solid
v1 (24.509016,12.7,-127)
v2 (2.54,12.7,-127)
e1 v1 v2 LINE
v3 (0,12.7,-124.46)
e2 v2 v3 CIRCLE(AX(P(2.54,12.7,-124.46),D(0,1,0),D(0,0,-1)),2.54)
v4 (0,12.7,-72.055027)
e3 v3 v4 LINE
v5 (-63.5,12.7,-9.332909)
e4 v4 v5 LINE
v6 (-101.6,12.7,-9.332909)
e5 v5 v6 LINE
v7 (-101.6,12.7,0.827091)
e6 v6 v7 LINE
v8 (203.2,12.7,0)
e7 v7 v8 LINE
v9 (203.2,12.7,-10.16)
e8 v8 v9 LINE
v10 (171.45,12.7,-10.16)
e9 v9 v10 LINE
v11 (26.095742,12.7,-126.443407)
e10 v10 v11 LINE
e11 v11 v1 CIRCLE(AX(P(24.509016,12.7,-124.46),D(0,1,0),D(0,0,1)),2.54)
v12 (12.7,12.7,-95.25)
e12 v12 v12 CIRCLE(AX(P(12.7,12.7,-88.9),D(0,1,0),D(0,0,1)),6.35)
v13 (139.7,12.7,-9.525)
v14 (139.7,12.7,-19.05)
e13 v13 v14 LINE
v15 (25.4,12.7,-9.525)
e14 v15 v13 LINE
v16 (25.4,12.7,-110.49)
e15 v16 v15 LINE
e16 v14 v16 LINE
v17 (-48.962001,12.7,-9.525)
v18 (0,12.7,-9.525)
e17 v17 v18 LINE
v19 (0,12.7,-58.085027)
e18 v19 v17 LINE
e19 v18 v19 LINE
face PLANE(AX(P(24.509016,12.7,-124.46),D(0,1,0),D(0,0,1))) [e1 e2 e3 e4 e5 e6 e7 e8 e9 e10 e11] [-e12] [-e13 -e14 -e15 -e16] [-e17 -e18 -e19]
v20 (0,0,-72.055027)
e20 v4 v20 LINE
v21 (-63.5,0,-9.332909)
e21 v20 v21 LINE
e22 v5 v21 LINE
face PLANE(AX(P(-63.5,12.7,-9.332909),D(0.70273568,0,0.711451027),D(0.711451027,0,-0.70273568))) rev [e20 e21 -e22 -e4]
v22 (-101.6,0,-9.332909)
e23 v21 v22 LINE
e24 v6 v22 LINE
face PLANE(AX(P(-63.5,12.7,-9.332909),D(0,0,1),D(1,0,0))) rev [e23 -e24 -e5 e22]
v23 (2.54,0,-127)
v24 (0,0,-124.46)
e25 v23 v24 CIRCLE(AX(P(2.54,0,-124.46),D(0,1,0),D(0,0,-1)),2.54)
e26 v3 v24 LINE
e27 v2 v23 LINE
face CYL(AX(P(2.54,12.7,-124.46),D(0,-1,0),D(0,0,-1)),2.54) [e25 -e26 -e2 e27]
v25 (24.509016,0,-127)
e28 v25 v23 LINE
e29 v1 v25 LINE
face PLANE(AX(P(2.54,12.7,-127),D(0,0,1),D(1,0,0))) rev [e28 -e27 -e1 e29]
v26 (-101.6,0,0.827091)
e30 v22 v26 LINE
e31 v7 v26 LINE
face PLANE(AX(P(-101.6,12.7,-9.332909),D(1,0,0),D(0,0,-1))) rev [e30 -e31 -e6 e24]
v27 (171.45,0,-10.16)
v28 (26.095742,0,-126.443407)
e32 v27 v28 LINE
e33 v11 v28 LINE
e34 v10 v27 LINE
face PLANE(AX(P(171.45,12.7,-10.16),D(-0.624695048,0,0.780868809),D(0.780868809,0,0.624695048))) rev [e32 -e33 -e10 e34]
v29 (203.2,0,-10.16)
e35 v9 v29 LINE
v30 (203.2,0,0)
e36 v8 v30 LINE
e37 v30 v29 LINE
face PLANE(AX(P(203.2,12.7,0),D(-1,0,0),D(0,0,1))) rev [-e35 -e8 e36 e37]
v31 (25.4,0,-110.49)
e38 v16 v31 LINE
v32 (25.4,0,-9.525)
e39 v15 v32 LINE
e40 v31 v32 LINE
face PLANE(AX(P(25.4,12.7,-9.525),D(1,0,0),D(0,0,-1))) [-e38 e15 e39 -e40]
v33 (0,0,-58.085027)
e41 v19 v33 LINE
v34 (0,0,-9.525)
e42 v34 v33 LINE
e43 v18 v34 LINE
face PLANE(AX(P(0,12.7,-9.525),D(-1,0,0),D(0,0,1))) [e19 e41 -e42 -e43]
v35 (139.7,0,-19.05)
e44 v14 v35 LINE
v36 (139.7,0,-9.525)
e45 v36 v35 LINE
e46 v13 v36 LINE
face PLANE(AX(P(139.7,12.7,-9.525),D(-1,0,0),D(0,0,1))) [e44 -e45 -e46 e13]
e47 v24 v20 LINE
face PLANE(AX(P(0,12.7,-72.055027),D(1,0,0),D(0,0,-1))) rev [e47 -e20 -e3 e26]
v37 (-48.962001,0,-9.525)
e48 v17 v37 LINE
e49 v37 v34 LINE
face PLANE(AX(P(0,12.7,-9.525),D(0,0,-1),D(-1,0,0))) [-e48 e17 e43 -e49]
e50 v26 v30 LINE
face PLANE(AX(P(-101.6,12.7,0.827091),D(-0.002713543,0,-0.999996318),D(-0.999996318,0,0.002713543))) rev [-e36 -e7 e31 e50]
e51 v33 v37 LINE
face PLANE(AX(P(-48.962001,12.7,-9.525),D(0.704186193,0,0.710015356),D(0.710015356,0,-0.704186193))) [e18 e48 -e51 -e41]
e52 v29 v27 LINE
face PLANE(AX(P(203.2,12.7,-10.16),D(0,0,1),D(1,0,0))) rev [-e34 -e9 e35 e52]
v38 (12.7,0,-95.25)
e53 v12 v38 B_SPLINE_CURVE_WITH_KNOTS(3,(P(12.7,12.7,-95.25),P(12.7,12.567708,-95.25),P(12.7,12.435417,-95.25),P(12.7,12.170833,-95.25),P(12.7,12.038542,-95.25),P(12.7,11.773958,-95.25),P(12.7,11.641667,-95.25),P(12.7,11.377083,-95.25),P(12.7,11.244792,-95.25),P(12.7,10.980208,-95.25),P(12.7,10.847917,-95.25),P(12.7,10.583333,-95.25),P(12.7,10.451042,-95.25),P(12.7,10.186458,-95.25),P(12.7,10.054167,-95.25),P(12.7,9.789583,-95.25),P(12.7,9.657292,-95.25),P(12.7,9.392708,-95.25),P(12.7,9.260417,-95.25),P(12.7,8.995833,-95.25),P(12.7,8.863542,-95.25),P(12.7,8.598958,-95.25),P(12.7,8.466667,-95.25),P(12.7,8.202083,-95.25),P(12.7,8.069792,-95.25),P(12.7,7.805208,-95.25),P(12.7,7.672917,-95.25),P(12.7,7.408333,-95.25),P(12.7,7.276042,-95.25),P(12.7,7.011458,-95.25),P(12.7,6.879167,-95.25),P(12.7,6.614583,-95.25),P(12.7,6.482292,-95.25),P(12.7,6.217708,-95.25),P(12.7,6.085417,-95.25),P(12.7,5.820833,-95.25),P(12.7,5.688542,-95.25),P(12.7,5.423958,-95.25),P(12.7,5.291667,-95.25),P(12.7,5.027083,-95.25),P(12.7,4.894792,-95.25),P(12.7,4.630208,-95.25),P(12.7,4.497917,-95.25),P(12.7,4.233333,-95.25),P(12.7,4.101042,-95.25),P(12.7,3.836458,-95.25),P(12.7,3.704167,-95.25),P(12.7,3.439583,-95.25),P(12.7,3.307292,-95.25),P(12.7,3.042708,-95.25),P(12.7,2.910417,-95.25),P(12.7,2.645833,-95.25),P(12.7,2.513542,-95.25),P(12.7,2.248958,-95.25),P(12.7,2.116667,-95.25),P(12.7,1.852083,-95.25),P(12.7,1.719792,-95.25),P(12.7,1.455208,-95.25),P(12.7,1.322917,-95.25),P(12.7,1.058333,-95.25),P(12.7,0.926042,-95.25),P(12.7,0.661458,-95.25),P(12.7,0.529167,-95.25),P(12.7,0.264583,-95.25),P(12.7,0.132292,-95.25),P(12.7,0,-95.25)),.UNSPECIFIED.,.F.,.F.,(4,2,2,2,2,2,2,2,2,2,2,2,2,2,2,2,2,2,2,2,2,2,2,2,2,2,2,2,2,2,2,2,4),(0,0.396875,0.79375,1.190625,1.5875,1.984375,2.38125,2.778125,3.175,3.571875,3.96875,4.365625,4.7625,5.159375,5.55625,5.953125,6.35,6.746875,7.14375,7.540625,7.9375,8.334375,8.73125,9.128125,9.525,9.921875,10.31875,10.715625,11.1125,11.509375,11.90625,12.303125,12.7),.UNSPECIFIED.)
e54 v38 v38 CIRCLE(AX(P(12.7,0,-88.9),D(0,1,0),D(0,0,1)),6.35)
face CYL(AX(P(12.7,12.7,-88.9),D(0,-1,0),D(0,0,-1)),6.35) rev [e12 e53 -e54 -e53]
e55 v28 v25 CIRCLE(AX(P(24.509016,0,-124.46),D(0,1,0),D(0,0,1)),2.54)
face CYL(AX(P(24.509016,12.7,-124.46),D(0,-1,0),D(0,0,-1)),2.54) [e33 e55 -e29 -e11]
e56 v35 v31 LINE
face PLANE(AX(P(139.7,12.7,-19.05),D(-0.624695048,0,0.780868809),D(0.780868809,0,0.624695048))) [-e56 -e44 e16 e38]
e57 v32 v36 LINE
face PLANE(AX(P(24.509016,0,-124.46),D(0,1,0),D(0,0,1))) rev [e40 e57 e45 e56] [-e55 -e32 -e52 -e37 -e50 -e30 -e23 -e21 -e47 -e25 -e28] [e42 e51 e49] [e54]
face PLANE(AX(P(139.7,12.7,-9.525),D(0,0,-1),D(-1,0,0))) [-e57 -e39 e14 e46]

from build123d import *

# Parameters (mm, degrees)
SKETCH1_R           = 6.35
BOSS_EXTRUDE1_DEPTH = 12.7


with BuildPart() as part:
    # Sketch1 → Boss-Extrude1 (new body)
    with BuildSketch(Plane(origin=(0, 0, 0), x_dir=(1, 0, 0), z_dir=(0, 1, 0))):
        with BuildLine():
            Line((171.45, 10.16), (26.09574153, 126.443406776))
            ThreePointArc((26.09574153, 126.443406776), (25.34977374, 126.856815931), (24.509016109, 127))
            Line((24.509016109, 127), (2.54, 127))
            ThreePointArc((2.54, 127), (0.743948776, 126.256051224), (0, 124.46))
            Line((0, 124.46), (0, 72.055027479))
            Line((0, 72.055027479), (-63.5, 9.332908944))
            Line((-63.5, 9.332908944), (-101.6, 9.332908944))
            Line((-101.6, 9.332908944), (-101.6, -0.827091056))
            Line((-101.6, -0.827091056), (203.2, 0))
            Line((203.2, 0), (203.2, 10.16))
            Line((203.2, 10.16), (171.45, 10.16))
        make_face()
        with Locations(Location((12.7, 88.9, 0), (0, 0, 90))):
            Circle(SKETCH1_R, mode=Mode.SUBTRACT)
        Polygon((0, 9.525), (0, 58.085027479), (-48.962001116, 9.525), align=None, mode=Mode.SUBTRACT)
        Polygon((25.4, 9.525), (25.4, 110.49), (139.7, 19.05), (139.7, 9.525), align=None, mode=Mode.SUBTRACT)
    extrude(amount=BOSS_EXTRUDE1_DEPTH)


solid = part.part
